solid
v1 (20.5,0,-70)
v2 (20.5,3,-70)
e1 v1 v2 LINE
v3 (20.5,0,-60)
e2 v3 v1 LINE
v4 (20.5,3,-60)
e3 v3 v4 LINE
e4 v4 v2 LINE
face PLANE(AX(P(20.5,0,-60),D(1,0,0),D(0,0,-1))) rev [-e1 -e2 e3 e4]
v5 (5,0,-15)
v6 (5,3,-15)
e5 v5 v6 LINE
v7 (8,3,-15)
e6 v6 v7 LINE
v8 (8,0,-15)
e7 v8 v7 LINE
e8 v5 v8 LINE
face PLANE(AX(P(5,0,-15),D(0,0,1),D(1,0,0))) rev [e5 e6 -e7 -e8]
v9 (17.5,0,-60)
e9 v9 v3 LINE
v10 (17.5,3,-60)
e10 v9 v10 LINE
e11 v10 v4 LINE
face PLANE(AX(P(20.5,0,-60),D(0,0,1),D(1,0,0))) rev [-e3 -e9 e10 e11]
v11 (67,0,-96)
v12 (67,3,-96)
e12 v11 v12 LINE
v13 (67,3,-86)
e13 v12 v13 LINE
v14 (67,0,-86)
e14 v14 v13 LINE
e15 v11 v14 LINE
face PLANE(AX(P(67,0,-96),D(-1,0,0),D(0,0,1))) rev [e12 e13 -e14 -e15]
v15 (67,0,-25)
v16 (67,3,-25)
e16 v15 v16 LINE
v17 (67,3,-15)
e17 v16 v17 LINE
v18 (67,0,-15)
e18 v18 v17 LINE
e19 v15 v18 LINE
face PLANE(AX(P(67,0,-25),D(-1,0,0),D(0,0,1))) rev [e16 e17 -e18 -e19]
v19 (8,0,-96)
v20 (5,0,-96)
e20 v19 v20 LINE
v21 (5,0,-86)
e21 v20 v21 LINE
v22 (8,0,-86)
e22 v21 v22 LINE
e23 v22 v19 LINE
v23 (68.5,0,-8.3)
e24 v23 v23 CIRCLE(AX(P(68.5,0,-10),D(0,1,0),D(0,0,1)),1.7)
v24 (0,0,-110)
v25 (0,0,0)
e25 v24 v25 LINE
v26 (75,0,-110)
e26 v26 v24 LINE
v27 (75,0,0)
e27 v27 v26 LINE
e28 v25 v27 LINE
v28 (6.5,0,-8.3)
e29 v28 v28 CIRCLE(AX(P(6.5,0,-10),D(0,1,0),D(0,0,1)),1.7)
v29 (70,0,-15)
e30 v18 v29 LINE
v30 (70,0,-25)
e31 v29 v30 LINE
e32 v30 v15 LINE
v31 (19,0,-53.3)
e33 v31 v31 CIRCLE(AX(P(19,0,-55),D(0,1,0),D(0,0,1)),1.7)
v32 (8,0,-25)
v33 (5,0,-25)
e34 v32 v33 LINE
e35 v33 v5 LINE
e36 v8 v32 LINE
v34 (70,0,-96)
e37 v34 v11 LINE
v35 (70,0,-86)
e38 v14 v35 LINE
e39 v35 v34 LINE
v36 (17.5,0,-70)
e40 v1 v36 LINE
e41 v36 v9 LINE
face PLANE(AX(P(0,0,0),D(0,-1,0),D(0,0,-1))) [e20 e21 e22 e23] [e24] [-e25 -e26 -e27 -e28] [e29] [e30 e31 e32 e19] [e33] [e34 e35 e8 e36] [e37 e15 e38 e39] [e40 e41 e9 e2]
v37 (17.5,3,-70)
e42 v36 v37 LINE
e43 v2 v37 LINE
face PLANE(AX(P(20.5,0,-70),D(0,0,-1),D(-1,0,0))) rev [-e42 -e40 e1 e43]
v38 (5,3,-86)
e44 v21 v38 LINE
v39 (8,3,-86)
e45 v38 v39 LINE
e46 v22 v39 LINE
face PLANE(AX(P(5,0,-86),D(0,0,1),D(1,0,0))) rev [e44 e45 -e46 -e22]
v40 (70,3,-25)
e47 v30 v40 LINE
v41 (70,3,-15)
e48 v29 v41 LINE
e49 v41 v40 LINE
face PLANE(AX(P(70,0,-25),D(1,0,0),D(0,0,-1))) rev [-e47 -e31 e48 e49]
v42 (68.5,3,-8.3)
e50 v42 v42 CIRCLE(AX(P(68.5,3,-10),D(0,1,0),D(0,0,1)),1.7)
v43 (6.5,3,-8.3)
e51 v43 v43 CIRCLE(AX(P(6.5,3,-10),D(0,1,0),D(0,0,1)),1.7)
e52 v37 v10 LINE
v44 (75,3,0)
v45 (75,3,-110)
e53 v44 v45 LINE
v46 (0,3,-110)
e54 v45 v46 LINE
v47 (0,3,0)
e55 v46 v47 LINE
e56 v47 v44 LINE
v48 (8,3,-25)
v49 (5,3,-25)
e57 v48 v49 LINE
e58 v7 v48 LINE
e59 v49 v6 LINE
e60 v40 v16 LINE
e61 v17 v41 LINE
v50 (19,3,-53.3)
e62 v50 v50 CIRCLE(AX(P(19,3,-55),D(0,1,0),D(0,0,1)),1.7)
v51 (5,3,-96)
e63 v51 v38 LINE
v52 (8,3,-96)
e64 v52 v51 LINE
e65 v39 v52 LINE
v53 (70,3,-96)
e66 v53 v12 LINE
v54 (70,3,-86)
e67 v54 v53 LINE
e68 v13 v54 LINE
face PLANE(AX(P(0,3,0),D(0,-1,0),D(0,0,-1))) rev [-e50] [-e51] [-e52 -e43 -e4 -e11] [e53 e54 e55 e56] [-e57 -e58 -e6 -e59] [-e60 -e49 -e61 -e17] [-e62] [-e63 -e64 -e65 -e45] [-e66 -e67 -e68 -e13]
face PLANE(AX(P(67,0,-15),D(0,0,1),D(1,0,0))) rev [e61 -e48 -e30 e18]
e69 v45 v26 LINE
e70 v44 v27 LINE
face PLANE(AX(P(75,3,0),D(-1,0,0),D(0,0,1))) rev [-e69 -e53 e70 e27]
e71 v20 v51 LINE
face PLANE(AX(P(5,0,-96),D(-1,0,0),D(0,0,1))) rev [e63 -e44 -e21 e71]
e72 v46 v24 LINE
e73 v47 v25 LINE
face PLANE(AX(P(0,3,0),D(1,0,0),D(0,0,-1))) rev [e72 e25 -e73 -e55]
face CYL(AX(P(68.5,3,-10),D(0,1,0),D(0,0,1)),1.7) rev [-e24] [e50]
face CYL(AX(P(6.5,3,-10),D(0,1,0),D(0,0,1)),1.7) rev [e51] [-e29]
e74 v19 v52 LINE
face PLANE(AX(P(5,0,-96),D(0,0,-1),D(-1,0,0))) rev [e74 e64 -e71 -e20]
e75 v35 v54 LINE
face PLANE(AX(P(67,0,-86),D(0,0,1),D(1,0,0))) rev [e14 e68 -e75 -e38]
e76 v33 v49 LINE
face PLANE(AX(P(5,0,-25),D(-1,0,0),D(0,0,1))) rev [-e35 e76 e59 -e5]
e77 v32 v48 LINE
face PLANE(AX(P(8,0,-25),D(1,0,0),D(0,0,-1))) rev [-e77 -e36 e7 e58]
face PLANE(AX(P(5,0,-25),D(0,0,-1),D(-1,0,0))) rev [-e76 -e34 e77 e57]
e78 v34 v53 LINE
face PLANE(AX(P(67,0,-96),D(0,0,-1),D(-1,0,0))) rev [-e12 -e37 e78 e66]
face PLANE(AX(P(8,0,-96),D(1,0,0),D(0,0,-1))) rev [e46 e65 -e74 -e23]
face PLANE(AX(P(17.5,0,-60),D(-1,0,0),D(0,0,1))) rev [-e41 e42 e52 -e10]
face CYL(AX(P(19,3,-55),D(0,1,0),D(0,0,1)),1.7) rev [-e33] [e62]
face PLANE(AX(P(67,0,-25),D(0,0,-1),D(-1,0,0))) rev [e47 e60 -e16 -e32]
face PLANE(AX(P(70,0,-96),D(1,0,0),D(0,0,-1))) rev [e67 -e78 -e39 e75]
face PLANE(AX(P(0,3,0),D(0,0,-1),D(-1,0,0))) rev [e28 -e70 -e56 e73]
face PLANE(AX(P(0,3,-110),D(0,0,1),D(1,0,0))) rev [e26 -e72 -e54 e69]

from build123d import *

# Parameters (mm, degrees)
SKETCH1_W                = 75
SKETCH1_H                = 110
BOSS_EXTRUDE1_DEPTH      = 3
SKETCH2_W                = 3
SKETCH2_H                = 10
CUT_EXTRUDE1_DEPTH       = 3
M3_CLEARANCE_HOLE1_D     = 3.4
M3_CLEARANCE_HOLE1_DEPTH = 3
M3_CLEARANCE_HOLE1_TIP   = 1.021463052


with BuildPart() as part:
    # Sketch1 → Boss-Extrude1 (new body)
    with BuildSketch(Plane(origin=(0, 0, 0), x_dir=(1, 0, 0), z_dir=(0, 1, 0))):
        with Locations((37.5, 55)):
            Rectangle(SKETCH1_W, SKETCH1_H)
    extrude(amount=BOSS_EXTRUDE1_DEPTH)

    # Sketch2 → Cut-Extrude1 (cut)
    with BuildSketch(Plane(origin=(0, 3, 0), x_dir=(1, 0, 0), z_dir=(0, 1, 0))):
        with Locations((6.5, 91)):
            Rectangle(SKETCH2_W, SKETCH2_H)
        with Locations((68.5, 91)):
            Rectangle(SKETCH2_W, SKETCH2_H)
        with Locations((68.5, 20)):
            Rectangle(SKETCH2_W, SKETCH2_H)
        with Locations((6.5, 20)):
            Rectangle(SKETCH2_W, SKETCH2_H)
        with Locations((19, 65)):
            Rectangle(SKETCH2_W, SKETCH2_H)
    extrude(amount=-CUT_EXTRUDE1_DEPTH, mode=Mode.SUBTRACT)

    # M3 Clearance Hole1
    with Locations(Plane(origin=(0, 3, 0), x_dir=(1, 0, 0), z_dir=(0, 1, 0))):
        with Locations((6.5, 10), (68.5, 10), (19, 55)):
            Hole(M3_CLEARANCE_HOLE1_D / 2, depth=M3_CLEARANCE_HOLE1_DEPTH)
            with Locations((0, 0, -(M3_CLEARANCE_HOLE1_DEPTH + M3_CLEARANCE_HOLE1_TIP / 2))):  # 118° drill point
                Cone(0, M3_CLEARANCE_HOLE1_D / 2, M3_CLEARANCE_HOLE1_TIP, mode=Mode.SUBTRACT)


solid = part.part
